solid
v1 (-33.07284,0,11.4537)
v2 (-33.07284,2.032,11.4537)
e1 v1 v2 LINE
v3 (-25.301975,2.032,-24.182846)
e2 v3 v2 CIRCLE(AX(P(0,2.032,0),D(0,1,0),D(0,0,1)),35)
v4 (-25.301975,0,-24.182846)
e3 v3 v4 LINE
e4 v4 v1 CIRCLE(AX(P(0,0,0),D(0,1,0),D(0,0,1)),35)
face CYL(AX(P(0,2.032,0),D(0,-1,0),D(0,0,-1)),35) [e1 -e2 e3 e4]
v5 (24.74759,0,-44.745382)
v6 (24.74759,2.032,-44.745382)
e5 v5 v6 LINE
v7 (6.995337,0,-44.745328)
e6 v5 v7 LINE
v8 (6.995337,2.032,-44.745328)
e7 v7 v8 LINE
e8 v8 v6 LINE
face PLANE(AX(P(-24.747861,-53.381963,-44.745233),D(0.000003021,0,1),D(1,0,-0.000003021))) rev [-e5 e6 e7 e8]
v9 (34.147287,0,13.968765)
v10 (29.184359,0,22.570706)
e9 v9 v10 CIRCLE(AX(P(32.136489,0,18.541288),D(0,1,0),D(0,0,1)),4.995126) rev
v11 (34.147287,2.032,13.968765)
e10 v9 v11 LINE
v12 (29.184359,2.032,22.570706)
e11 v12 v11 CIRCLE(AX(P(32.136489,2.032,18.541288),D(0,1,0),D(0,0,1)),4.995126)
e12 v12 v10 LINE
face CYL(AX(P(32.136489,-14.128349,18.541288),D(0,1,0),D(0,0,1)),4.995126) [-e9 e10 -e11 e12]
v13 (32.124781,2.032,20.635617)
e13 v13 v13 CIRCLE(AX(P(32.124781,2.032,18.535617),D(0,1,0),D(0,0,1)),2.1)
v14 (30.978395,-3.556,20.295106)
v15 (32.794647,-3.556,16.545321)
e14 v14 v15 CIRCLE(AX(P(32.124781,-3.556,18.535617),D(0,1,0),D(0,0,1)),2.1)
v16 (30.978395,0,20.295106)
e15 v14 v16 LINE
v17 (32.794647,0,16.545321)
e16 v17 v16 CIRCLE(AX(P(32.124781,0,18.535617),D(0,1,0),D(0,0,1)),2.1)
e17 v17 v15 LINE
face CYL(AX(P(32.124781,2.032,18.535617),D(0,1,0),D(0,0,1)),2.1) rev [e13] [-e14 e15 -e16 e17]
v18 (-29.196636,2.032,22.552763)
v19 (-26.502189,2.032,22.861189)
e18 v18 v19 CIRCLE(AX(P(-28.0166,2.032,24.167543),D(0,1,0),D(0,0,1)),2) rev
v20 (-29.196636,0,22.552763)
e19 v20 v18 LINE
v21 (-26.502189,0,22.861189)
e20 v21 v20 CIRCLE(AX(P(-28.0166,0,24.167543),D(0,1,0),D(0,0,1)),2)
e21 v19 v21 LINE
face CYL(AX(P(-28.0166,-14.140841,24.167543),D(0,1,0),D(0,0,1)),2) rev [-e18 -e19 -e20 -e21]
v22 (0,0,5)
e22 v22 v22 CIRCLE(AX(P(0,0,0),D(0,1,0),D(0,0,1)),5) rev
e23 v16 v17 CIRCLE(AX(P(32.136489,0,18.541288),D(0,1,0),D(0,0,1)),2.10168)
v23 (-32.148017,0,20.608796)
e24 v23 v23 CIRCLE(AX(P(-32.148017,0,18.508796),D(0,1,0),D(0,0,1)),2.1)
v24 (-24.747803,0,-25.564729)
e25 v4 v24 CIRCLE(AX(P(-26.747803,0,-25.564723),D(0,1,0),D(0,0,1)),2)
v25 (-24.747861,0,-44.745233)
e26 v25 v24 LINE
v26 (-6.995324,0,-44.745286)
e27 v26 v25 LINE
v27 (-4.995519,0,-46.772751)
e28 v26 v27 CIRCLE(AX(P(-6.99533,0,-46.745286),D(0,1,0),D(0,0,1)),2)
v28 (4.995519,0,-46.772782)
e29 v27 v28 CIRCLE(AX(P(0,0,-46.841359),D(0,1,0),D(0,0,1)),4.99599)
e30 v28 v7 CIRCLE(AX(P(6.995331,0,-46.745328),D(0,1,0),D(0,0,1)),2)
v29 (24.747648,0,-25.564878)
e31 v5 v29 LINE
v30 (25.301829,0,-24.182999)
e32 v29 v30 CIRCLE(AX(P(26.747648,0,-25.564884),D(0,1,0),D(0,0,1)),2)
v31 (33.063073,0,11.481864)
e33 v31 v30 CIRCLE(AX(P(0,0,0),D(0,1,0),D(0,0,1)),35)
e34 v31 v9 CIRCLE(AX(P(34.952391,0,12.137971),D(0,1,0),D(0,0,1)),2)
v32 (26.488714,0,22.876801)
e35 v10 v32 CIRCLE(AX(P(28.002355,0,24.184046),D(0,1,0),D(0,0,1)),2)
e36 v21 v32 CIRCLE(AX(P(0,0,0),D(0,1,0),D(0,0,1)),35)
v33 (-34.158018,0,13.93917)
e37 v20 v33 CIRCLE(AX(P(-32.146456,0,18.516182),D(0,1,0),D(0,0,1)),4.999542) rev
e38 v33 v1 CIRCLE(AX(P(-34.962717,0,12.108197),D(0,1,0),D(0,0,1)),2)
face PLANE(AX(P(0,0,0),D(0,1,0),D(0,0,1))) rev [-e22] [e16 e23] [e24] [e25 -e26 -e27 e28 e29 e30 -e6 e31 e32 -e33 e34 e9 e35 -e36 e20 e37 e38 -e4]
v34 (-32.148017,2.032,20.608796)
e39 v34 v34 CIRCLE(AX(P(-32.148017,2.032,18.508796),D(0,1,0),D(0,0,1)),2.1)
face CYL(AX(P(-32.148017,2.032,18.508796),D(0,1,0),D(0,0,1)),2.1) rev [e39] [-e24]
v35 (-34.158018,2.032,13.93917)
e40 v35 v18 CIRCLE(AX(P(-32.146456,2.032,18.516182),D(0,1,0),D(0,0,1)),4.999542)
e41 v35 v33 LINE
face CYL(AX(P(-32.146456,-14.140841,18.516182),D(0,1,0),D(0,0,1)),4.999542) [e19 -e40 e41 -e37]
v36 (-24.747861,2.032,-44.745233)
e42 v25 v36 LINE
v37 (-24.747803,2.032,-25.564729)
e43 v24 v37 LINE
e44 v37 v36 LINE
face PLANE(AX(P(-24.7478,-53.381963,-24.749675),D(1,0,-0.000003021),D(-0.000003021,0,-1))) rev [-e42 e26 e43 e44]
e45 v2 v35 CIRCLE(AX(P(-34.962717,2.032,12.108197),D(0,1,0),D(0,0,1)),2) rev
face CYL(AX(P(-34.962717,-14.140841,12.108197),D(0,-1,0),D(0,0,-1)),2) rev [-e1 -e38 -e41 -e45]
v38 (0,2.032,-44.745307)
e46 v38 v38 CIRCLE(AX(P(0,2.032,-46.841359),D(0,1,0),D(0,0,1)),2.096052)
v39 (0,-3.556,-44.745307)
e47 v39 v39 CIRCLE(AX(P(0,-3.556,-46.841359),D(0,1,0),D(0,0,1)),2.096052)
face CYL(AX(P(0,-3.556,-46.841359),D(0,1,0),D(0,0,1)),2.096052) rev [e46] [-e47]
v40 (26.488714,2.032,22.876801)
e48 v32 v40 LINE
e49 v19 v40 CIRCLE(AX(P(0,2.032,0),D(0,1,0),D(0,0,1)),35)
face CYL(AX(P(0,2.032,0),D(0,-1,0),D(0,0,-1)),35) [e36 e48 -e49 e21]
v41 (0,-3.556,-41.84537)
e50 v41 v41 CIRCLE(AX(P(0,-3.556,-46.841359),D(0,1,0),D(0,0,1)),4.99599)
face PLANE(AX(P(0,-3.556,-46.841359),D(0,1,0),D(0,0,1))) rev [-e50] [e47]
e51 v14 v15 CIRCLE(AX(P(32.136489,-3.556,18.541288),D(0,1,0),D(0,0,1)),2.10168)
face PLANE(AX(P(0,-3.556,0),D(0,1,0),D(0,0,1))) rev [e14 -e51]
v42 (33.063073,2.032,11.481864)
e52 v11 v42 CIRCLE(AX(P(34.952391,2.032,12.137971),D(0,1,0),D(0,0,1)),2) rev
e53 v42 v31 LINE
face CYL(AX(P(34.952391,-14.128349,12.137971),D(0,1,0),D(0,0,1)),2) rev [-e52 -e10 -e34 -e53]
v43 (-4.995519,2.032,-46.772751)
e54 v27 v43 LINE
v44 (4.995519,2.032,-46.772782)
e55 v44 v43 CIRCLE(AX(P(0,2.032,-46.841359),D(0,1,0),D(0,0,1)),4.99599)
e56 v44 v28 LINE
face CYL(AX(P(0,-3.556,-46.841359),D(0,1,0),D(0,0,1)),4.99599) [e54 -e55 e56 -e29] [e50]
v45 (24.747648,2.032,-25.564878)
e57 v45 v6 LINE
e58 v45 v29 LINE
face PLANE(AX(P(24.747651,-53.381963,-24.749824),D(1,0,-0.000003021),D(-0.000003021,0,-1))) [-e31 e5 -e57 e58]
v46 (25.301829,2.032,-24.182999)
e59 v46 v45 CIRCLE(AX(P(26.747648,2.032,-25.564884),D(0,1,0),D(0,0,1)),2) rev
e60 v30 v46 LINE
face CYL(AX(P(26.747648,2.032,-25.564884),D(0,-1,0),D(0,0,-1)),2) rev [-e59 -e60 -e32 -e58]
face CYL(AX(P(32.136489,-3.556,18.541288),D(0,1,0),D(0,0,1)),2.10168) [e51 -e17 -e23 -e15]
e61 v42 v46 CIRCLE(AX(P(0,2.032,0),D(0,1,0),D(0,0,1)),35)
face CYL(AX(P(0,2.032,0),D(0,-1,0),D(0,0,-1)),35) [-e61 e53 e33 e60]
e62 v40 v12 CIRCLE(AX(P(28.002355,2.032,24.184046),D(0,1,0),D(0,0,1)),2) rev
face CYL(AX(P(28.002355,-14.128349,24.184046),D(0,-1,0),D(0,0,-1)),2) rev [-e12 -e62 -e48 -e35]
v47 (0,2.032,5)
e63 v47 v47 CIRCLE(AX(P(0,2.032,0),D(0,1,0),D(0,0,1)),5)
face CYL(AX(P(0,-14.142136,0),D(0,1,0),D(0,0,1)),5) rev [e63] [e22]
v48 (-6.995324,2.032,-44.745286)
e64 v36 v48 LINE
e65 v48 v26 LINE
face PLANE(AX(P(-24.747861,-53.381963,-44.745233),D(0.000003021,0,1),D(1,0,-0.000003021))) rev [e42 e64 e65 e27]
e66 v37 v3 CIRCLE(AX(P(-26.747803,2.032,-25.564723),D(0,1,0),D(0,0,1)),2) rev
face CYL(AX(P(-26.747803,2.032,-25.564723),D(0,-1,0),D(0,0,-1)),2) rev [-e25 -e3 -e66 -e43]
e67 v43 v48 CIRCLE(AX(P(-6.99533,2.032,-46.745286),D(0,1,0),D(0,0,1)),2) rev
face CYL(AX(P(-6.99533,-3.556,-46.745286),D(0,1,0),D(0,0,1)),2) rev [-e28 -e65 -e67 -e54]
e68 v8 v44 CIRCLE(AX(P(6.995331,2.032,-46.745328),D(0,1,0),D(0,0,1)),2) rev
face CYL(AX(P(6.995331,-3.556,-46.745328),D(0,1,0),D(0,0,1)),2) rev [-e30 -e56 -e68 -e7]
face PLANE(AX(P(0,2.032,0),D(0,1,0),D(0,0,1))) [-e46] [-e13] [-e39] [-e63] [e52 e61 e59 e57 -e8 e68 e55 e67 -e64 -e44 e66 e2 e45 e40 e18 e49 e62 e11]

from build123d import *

# Parameters (mm, degrees)
SKETCH13_R                 = 35
BOSS_EXTRUDE3_DEPTH        = 2.032
BOSS_EXTRUDE4_DEPTH        = 2.032
SKETCH15_R                 = 4.995989681
SKETCH15_R_2               = 2.096052025
BOSS_EXTRUDE11_DEPTH       = 5.588
SKETCH14_6_R               = 4.995125596
BOSS_EXTRUDE12_DEPTH       = 2.032
SKETCH14_8_R               = 2.101679538
BOSS_EXTRUDE14_DEPTH       = 5.588
F_4_2_4_2_DIAMETER_HOLE1_D = 4.2
SKETCH14_11_R              = 4.999542267
BOSS_EXTRUDE15_DEPTH       = 2.032
F_4_2_4_2_DIAMETER_HOLE2_D = 4.2
FILLET4_R                  = 2
FILLET6_R                  = 2
FILLET7_R                  = 2
FILLET8_R                  = 2
FILLET9_R                  = 2
FILLET10_R                 = 2
FILLET11_R                 = 2
FILLET12_R                 = 2
SKETCH28_R                 = 5
CUT_EXTRUDE1_DEPTH         = 2.032


with BuildPart() as part:
    # Sketch13 → Boss-Extrude3 (new body)
    with BuildSketch(Plane(origin=(0, 0, 0), x_dir=(1, 0, 0), z_dir=(0, 1, 0))):
        Circle(SKETCH13_R)
    extrude(amount=BOSS_EXTRUDE3_DEPTH)

    # Sketch14 → Boss-Extrude4 (add)
    with BuildSketch(Plane(origin=(0, 2.032, 0), x_dir=(1, 0, 0), z_dir=(0, 1, 0))):
        Polygon((-24.747800113, 24.749674535), (24.747650593, 24.749824043), (24.747590193, 44.74538209), (-24.747860512, 44.745232583), align=None)
    extrude(amount=-BOSS_EXTRUDE4_DEPTH)

    # Sketch15 → Boss-Extrude11 (add)
    with BuildSketch(Plane(origin=(0, 2.032, 0), x_dir=(1, 0, 0), z_dir=(0, 1, 0))):
        with Locations((0, 46.841359357)):
            Circle(SKETCH15_R)
        with Locations((0, 46.841359357)):
            Circle(SKETCH15_R_2, mode=Mode.SUBTRACT)
    extrude(amount=-BOSS_EXTRUDE11_DEPTH)

    # Sketch14<6> → Boss-Extrude12 (add)
    with BuildSketch(Plane(origin=(0, 2.032, 0), x_dir=(1, 0, 0), z_dir=(0, 1, 0))):
        with Locations((32.136488635, -18.541287958)):
            Circle(SKETCH14_6_R)
    extrude(amount=-BOSS_EXTRUDE12_DEPTH)

    # Sketch14<8> → Boss-Extrude14 (add, through all)
    with BuildSketch(Plane(origin=(0, 2.032, 0), x_dir=(1, 0, 0), z_dir=(0, 1, 0))):
        with Locations((32.136488635, -18.541287958)):
            Circle(SKETCH14_8_R)
    extrude(amount=-BOSS_EXTRUDE14_DEPTH)

    # Ø4.2 (4.2) Diameter Hole1 (through all)
    with Locations(Plane(origin=(0, 2.032, 0), x_dir=(1, 0, 0), z_dir=(0, 1, 0))):
        with Locations((32.124781199, -18.535617326)):
            Hole(F_4_2_4_2_DIAMETER_HOLE1_D / 2)

    # Sketch14<11> → Boss-Extrude15 (add)
    with BuildSketch(Plane(origin=(0, 2.032, 0), x_dir=(1, 0, 0), z_dir=(0, 1, 0))):
        with Locations((-32.146455556, -18.516181944)):
            Circle(SKETCH14_11_R)
    extrude(amount=-BOSS_EXTRUDE15_DEPTH)

    # Ø4.2 (4.2) Diameter Hole2 (through all)
    with Locations(Plane(origin=(0, 2.032, 0), x_dir=(1, 0, 0), z_dir=(0, 1, 0))):
        with Locations((-32.148016614, -18.508796165)):
            Hole(F_4_2_4_2_DIAMETER_HOLE2_D / 2)

    # Fillet4
    fillet4_edges = [part.edges().sort_by_distance(p)[0] for p in [
        (-24.747800113, 1.016, -24.749674535),
    ]]
    fillet(fillet4_edges, radius=FILLET4_R)

    # Fillet6
    fillet6_edges = [part.edges().sort_by_distance(p)[0] for p in [
        (-32.283887234, 1.016, 13.518528953),
    ]]
    fillet(fillet6_edges, radius=FILLET6_R)

    # Fillet7
    fillet7_edges = [part.edges().sort_by_distance(p)[0] for p in [
        (-27.892412635, 1.016, 21.142689456),
    ]]
    fillet(fillet7_edges, radius=FILLET7_R)

    # Fillet8
    fillet8_edges = [part.edges().sort_by_distance(p)[0] for p in [
        (27.881240805, 1.016, 21.157419766),
    ]]
    fillet(fillet8_edges, radius=FILLET8_R)

    # Fillet9
    fillet9_edges = [part.edges().sort_by_distance(p)[0] for p in [
        (32.27153567, 1.016, 13.547988245),
    ]]
    fillet(fillet9_edges, radius=FILLET9_R)

    # Fillet10
    fillet10_edges = [part.edges().sort_by_distance(p)[0] for p in [
        (24.747650593, 1.016, -24.749824043),
    ]]
    fillet(fillet10_edges, radius=FILLET10_R)

    # Fillet11
    fillet11_edges = [part.edges().sort_by_distance(p)[0] for p in [
        (4.535034317, 1.016, -44.745321036),
    ]]
    fillet(fillet11_edges, radius=FILLET11_R)

    # Fillet12
    fillet12_edges = [part.edges().sort_by_distance(p)[0] for p in [
        (-4.535021654, 1.016, -44.745293638),
    ]]
    fillet(fillet12_edges, radius=FILLET12_R)

    # Sketch28 → Cut-Extrude1 (cut)
    with BuildSketch(Plane(origin=(0, 2.032, 0), x_dir=(1, 0, 0), z_dir=(0, 1, 0))):
        Circle(SKETCH28_R)
    extrude(amount=-CUT_EXTRUDE1_DEPTH, mode=Mode.SUBTRACT)


solid = part.part
